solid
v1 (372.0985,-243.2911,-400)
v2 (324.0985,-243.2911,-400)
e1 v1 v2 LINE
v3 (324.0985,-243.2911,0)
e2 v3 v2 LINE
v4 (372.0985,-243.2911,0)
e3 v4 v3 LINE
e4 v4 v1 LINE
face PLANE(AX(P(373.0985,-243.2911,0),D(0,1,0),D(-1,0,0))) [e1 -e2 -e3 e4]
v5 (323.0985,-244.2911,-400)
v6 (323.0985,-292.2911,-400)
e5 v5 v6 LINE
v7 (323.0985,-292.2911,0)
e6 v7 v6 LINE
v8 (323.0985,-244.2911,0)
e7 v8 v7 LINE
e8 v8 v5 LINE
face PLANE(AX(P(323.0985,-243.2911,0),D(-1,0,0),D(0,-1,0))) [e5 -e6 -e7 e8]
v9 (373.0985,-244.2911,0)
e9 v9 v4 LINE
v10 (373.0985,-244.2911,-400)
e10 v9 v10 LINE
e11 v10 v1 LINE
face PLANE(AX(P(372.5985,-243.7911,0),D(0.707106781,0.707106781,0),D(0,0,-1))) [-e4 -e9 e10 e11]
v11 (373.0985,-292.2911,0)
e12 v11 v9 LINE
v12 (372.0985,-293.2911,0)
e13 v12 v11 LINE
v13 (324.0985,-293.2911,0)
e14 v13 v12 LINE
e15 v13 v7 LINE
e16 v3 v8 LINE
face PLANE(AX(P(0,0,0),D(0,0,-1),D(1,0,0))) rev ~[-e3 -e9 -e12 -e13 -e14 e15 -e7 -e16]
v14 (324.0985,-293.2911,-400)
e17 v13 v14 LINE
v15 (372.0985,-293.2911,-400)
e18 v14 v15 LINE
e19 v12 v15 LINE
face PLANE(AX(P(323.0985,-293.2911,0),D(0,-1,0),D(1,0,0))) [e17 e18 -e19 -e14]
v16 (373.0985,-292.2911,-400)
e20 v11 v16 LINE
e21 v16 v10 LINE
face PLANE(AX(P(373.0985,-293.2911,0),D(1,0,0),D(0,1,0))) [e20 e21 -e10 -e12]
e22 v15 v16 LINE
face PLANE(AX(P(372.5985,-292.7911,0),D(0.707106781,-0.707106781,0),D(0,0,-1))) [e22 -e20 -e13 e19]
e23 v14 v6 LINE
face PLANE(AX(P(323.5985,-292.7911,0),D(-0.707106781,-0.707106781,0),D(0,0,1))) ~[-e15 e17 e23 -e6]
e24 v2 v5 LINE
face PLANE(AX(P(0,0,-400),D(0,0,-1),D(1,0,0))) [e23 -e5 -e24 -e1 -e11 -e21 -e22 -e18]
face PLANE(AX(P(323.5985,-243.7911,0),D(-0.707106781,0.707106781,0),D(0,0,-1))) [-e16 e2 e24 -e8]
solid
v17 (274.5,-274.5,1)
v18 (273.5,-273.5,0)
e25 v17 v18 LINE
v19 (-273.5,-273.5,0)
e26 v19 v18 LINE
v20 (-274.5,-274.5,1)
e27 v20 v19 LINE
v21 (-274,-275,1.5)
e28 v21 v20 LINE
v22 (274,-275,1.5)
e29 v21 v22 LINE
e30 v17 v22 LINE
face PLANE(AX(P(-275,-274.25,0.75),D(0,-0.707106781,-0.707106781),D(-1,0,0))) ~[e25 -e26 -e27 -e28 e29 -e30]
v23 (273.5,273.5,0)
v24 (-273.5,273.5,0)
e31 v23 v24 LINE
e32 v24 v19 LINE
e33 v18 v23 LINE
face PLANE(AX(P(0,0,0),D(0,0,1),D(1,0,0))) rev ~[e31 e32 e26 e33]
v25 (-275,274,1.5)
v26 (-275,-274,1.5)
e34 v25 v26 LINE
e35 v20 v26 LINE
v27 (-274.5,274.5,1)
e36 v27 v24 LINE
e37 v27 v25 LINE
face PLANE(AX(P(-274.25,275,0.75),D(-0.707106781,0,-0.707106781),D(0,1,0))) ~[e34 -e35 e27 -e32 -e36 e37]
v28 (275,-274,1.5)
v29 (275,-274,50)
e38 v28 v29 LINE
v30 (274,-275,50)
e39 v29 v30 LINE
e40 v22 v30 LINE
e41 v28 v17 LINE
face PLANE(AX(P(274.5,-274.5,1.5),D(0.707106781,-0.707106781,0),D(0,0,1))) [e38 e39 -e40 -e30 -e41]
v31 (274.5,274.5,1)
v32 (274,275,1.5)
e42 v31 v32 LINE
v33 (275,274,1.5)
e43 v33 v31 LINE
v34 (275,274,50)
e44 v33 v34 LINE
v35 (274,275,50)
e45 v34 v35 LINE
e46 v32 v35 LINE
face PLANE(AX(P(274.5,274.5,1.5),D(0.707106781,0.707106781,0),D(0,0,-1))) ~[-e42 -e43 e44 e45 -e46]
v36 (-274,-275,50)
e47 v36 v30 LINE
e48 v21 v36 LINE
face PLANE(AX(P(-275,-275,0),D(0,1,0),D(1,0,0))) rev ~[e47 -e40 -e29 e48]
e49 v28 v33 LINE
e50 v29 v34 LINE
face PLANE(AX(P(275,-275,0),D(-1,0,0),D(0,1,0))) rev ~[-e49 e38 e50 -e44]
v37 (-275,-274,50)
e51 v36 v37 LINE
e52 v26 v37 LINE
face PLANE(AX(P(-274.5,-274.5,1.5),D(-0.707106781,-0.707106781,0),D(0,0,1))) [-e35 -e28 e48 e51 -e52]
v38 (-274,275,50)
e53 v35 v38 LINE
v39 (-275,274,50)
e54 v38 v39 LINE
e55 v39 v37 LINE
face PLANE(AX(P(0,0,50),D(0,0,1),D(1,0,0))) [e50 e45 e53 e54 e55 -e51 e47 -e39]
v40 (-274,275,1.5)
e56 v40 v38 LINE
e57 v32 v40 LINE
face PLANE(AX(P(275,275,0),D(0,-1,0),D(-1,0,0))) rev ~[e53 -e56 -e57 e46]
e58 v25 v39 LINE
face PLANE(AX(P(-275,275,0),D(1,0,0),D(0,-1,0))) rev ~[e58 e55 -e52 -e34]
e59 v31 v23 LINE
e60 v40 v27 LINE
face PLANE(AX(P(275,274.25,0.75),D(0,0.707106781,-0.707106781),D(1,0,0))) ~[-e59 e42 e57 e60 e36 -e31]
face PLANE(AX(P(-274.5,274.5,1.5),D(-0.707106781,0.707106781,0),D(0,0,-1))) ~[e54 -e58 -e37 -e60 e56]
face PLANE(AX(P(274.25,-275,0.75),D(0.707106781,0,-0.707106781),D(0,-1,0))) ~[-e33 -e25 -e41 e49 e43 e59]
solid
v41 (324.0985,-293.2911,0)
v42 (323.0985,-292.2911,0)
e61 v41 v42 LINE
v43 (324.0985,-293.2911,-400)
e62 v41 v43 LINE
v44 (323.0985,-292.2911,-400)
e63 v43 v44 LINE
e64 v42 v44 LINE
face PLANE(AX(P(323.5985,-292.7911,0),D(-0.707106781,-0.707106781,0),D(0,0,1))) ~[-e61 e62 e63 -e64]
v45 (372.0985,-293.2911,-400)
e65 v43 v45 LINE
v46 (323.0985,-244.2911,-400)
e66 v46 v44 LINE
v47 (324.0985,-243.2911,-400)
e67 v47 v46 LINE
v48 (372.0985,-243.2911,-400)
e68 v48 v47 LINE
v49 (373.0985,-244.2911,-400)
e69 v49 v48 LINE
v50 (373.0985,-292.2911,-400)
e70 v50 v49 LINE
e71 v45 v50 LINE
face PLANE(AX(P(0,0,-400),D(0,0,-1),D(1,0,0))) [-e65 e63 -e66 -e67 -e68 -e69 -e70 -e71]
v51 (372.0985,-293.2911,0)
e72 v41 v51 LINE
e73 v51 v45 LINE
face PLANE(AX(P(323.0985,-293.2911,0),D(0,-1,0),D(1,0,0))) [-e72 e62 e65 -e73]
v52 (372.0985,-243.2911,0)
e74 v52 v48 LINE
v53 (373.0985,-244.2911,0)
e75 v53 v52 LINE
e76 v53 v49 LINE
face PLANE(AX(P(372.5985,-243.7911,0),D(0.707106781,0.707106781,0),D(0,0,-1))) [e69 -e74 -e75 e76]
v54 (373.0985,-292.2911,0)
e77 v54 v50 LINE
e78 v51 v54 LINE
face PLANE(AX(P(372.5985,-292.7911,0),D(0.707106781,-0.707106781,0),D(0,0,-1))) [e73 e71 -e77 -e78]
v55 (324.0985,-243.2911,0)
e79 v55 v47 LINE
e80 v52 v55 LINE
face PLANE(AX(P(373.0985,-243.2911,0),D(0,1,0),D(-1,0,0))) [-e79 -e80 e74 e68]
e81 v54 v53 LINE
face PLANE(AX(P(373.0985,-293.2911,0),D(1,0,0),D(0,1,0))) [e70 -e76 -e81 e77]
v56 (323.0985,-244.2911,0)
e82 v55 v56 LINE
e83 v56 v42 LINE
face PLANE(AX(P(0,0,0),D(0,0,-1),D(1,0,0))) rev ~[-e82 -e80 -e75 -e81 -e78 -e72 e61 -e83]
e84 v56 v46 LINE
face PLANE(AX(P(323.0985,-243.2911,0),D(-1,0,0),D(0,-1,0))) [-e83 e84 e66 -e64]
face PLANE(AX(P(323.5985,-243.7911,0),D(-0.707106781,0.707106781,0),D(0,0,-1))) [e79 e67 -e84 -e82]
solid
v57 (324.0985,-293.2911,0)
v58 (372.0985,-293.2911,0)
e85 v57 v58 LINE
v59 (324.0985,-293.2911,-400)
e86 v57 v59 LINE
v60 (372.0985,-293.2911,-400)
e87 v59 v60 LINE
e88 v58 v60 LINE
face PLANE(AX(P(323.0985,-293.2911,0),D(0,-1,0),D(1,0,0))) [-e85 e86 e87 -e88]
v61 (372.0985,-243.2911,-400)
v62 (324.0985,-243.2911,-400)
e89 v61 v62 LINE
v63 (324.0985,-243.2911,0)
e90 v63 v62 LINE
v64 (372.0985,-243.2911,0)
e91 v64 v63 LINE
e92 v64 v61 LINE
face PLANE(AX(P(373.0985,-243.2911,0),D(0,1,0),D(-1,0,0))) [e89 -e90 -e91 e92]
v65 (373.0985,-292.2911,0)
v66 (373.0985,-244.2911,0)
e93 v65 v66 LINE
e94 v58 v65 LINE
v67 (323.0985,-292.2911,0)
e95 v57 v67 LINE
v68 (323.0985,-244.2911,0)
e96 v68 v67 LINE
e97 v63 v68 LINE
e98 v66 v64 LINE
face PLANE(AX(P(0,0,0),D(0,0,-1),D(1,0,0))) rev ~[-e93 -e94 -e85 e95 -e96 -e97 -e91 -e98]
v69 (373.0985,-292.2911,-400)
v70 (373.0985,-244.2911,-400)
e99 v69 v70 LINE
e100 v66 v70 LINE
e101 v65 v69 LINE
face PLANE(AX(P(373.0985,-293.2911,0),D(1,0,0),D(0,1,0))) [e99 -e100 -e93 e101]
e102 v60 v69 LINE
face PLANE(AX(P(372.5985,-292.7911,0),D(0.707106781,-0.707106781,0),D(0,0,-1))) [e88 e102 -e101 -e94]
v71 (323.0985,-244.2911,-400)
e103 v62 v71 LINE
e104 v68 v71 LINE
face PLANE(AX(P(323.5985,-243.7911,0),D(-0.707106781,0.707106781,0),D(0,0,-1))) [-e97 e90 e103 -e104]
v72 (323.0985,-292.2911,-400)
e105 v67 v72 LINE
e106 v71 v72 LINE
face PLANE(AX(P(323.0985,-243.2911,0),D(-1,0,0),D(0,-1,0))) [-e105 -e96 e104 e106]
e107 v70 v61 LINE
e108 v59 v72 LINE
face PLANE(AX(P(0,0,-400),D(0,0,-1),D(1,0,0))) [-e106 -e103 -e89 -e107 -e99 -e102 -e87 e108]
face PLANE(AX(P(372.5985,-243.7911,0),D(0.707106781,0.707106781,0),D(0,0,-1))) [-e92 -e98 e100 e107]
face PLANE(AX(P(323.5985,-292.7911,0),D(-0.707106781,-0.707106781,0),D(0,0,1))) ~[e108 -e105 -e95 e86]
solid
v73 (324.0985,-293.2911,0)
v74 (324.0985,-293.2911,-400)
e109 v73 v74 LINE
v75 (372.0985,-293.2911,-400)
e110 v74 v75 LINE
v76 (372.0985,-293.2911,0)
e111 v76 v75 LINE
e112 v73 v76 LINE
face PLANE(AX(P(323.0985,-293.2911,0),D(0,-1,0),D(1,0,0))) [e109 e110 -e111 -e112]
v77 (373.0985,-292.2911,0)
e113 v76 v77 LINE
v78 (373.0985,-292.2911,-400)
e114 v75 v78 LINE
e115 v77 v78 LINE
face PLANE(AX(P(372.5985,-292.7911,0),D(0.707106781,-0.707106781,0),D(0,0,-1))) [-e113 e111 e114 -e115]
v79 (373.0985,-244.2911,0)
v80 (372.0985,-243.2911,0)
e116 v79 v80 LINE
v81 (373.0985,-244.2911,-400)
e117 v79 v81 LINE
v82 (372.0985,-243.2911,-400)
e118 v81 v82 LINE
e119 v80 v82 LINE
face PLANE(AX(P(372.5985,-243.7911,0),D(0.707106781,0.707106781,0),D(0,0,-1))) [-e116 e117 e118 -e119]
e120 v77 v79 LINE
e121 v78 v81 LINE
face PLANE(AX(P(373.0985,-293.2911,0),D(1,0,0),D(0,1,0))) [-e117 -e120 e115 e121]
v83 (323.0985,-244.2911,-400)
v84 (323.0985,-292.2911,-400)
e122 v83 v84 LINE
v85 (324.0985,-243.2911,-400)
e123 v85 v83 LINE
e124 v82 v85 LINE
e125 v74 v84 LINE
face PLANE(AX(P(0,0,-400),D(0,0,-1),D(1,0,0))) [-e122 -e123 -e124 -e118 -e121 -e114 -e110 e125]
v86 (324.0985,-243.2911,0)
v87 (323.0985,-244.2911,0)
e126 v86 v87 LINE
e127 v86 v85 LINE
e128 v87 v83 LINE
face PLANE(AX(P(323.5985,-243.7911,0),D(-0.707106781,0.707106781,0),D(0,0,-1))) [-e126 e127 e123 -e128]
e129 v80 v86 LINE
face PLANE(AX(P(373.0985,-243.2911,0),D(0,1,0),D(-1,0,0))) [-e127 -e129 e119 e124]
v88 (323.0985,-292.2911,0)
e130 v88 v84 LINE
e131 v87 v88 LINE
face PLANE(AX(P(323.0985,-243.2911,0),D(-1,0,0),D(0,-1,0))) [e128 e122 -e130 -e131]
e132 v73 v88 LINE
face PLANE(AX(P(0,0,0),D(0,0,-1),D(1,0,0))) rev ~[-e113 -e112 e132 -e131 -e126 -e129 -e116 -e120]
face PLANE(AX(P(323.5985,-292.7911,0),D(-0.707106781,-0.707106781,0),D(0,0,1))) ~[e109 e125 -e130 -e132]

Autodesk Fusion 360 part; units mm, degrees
sketch "Sketch1" plane through (0, 0, 0) normal (0, 0, 1) x (1, 0, 0) in component "Top"
  line L0 (275, 275) -> (-275, 275)
  line L1 (-275, 275) -> (-275, -275)
  line L2 (-275, -275) -> (275, -275)
  line L3 (275, -275) -> (275, 275)
  line L4 (275, 275) -> (-275, -275) construction
  line L5 (-275, 275) -> (275, -275) construction
  dimension "d1" = 550
  dimension "d2" = 550
extrude "Extrude1" add sketch "Sketch1" along normal blind 50 makes body 1 in component "Top"
sketch "Sketch1 (2)" plane through (0, 0, 0) normal (0, 0, -1) x (1, 0, 0) in component "Leg"
  line L0 (275, -275) -> (275, 275)
  line L1 (275, 275) -> (-275, 275)
  line L2 (-275, 275) -> (-275, -275)
  line L3 (-275, -275) -> (275, -275)
  line L4 (323.0985, 293.2911) -> (373.0985, 293.2911)
  line L5 (373.0985, 293.2911) -> (373.0985, 243.2911)
  line L6 (373.0985, 243.2911) -> (323.0985, 243.2911)
  line L7 (323.0985, 243.2911) -> (323.0985, 293.2911)
  dimension "d5" = 50
  dimension "d6" = 50
extrude "Extrude1'" add sketch "Sketch1 (2)" along normal blind 400 separate body contours L4 L5 L6 L7 makes body 2 in component "Leg"
chamfer "Chamfer1" distance 1 angle 45 4 edges at (373.0985, -243.2911, -200) (323.0985, -243.2911, -200) (323.0985, -293.2911, -200) (373.0985, -293.2911, -200) on bodies 2 in component "Leg"
pattern_linear "持1" [suppressed] in component "Lega"
chamfer "Chamfer1'" distance 1.5 angle 45 4 edges at (0, 275, 0) (275, 0, 0) (0, -275, 0) (-275, 0, 0) on bodies 1 in component "Top"
chamfer "Chamfer2" distance 1 angle 45 4 edges at (-275, -275, 25.75) (-275, 275, 25.75) (275, 275, 25.75) (275, -275, 25.75) on bodies 1 in component "Top"
component "Top" placed x (1, 0, 0) y (0, 1, 0) z (0, 0, 1) at (0, 0, 0)
component "Lega" placed x (1, 0, 0) y (0, 1, 0) z (0, 0, 1) at (0, 0, 0)
component "Leg" placed x (1, 0, 0) y (0, 1, 0) z (0, 0, 1) at (0, 0, 0) in component "Lega"
component "Leg" placed x (1, 0, 0) y (0, 1, 0) z (0, 0, 1) at (0, 0, 0) in component "Lega"
component "Leg" placed x (1, 0, 0) y (0, 1, 0) z (0, 0, 1) at (0, 0, 0) in component "Lega"
component "Leg" placed x (1, 0, 0) y (0, 1, 0) z (0, 0, 1) at (0, 0, 0) in component "Lega"
